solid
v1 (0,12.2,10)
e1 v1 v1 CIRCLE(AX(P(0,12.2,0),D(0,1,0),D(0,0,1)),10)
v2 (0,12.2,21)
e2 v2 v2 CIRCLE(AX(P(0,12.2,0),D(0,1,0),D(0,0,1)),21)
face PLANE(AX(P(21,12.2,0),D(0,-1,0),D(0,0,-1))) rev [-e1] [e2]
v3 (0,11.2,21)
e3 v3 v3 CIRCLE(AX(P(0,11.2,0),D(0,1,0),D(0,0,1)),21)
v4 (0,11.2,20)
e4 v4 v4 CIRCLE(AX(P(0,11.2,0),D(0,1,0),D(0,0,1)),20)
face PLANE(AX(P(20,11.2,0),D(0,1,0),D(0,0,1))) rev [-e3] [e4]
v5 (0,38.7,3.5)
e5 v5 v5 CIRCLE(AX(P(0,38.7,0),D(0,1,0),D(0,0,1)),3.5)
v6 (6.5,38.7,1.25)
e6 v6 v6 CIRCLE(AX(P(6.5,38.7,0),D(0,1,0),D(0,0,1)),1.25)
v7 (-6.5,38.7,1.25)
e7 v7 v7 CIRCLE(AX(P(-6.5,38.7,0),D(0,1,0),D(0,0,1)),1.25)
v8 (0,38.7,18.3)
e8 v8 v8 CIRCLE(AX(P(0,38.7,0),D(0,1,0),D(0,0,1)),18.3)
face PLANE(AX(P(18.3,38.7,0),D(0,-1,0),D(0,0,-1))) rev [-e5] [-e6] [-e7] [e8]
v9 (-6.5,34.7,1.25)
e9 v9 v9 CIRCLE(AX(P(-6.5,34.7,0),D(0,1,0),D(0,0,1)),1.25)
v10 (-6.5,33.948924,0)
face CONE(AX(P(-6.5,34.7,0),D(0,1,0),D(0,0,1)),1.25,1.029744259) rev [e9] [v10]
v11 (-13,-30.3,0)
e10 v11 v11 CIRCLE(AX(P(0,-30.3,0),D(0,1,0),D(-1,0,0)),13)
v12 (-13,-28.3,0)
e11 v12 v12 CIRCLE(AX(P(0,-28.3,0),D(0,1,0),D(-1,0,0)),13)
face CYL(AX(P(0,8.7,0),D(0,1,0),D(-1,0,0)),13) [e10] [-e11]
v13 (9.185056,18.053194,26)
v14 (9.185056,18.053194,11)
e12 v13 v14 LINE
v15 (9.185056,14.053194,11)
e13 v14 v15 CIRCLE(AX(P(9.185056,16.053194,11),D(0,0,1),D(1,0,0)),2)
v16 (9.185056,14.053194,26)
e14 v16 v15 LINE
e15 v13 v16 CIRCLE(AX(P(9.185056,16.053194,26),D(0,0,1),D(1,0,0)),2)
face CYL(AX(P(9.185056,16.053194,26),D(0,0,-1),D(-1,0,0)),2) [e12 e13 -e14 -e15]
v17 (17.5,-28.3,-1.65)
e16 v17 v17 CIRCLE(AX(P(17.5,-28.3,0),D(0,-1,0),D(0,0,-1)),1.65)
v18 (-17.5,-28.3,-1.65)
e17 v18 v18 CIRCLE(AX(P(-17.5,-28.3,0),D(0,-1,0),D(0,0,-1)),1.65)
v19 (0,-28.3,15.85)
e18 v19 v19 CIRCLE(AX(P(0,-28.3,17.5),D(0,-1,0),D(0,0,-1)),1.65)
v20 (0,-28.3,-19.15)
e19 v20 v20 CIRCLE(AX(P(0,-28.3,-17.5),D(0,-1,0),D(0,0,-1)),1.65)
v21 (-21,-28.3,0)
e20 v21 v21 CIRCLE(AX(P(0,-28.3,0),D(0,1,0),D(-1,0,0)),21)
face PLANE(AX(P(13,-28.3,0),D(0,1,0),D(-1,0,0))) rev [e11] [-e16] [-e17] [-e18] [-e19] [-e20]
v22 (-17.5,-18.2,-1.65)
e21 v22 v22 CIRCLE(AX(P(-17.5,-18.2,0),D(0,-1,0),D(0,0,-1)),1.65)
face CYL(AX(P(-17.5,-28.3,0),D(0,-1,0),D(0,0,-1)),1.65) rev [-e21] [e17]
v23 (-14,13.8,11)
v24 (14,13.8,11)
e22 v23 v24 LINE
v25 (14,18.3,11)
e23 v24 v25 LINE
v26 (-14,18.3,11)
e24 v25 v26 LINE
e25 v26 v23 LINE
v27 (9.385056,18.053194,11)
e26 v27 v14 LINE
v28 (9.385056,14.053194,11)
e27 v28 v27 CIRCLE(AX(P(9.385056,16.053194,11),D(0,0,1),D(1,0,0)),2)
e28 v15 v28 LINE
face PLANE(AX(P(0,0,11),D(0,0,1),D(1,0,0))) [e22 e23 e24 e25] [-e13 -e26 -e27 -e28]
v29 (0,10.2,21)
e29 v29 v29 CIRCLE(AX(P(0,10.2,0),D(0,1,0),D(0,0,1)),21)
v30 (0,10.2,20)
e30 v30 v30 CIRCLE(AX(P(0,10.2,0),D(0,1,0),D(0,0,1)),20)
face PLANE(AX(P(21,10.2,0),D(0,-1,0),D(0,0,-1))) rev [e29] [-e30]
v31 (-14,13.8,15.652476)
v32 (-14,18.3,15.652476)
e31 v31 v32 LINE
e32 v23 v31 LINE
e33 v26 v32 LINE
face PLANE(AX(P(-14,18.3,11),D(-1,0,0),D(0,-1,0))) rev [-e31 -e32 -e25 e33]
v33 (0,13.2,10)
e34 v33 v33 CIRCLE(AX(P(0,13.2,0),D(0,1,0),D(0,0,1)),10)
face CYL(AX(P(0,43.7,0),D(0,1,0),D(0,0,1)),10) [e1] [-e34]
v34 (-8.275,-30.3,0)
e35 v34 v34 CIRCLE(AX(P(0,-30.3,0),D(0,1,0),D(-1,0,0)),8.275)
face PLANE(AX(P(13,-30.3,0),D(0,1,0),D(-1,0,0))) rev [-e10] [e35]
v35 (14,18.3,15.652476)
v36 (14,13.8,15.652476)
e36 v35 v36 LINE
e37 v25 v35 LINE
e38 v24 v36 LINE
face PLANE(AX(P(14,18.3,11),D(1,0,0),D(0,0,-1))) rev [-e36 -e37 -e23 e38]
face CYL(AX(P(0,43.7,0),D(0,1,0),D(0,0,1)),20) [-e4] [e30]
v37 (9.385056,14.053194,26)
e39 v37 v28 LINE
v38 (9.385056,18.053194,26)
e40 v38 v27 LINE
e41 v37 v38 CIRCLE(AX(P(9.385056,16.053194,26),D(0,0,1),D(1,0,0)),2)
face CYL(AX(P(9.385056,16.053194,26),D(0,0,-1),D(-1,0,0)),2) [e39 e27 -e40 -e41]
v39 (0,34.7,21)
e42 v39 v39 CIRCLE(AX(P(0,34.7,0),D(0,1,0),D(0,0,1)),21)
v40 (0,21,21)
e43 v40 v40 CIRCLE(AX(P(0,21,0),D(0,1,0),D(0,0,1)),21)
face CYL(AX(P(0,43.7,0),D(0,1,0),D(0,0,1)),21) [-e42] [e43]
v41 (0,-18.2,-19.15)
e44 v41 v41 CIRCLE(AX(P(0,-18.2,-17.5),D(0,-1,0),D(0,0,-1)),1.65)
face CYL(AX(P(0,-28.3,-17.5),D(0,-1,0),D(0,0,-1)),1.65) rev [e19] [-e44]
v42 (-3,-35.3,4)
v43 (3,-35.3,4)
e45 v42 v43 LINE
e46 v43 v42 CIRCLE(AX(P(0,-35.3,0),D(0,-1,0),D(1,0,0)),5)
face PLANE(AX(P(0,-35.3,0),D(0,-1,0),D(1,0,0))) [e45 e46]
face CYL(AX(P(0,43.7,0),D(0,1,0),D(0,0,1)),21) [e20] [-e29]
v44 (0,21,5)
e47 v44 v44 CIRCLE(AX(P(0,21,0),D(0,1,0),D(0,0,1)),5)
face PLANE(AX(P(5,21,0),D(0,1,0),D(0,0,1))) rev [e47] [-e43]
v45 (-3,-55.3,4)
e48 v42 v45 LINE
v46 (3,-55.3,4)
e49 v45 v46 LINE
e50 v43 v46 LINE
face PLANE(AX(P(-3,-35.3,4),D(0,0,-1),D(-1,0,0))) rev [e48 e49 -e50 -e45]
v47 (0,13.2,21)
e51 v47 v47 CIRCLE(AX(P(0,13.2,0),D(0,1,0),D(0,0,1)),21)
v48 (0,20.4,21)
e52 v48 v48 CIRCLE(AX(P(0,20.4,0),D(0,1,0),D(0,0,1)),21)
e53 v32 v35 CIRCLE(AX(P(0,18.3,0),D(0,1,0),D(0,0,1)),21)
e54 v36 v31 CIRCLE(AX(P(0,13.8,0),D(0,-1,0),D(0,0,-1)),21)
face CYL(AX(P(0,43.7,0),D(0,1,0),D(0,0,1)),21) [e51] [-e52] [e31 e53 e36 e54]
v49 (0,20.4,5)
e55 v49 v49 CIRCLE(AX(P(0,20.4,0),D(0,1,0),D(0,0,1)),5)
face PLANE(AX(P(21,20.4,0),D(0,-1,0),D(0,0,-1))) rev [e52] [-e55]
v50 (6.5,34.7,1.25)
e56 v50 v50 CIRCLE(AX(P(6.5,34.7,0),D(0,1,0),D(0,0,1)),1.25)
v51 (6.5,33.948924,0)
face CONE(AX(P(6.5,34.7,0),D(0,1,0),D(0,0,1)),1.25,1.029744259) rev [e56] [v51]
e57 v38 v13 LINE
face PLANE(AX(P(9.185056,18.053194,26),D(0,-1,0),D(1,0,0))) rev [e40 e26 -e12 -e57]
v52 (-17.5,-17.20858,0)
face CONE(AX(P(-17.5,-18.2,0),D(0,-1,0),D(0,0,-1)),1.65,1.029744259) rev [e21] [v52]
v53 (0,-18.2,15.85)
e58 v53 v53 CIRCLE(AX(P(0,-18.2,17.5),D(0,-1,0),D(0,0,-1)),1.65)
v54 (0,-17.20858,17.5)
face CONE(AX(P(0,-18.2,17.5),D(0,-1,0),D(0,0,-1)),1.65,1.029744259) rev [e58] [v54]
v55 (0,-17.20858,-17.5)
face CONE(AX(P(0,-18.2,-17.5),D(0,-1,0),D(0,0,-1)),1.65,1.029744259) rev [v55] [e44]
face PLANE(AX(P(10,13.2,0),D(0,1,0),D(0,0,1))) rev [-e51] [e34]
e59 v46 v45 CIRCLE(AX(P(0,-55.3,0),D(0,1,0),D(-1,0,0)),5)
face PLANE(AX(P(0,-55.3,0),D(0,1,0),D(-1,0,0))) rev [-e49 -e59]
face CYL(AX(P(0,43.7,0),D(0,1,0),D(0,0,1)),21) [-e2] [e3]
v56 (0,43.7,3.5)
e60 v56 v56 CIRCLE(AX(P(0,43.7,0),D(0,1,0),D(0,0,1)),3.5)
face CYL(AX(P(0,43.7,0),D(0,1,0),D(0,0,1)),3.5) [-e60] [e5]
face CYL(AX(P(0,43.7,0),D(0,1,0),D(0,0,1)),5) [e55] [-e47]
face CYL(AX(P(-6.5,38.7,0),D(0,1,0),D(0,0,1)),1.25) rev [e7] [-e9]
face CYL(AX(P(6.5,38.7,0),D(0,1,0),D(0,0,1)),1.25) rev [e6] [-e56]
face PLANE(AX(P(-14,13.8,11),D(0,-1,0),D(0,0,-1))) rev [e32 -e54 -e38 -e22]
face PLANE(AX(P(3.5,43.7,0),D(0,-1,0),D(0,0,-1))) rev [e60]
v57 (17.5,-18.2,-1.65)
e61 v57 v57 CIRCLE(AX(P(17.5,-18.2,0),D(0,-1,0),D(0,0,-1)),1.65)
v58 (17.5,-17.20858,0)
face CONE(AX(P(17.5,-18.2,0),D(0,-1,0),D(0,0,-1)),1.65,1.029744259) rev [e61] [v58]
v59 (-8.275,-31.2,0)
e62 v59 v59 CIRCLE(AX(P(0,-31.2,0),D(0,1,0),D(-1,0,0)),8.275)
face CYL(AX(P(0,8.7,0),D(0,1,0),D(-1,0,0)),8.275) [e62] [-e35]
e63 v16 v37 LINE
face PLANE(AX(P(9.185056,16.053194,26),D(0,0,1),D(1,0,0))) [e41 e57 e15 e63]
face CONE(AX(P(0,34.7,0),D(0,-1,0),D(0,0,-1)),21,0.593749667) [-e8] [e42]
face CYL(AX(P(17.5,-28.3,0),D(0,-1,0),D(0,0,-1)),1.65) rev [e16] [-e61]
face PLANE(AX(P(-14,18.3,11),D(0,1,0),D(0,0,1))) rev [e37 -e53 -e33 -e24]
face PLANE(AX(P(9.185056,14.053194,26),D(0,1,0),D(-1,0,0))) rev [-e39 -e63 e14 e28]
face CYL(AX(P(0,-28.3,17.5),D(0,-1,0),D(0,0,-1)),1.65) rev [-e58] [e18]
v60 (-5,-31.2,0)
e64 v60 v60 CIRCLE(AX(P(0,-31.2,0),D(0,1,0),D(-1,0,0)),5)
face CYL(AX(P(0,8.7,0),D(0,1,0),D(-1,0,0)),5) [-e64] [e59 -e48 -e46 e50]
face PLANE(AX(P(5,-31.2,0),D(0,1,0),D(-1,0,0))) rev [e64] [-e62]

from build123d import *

# Parameters (mm, degrees)
SKETCH_2_W             = 28
SKETCH_2_H             = 4.5
CUT_EXTRUDE_1_DEPTH    = 10
EXTRUDE_1_DEPTH        = 15
HOLE_WIZARD_M3_1_D     = 2.5
HOLE_WIZARD_M3_1_DEPTH = 4
HOLE_WIZARD_M3_1_TIP   = 0.751075774
CUT_EXTRUDE_START      = -20
CUT_EXTRUDE_2_DEPTH    = 20
HOLE_WIZARD_M4_1_D     = 3.3
HOLE_WIZARD_M4_1_DEPTH = 10.1
HOLE_WIZARD_M4_1_TIP   = 0.991420021


with BuildPart() as part:
    # 草图1 → 旋转1 (revolve)
    with BuildSketch(Plane.XY, mode=Mode.PRIVATE) as revolve_1_sk:
        Polygon((0, 0), (4.1, 0), (4.1, 6.7), (13.4, 6.7), (13.4, 8.7), (21, 8.7), (21, 10.2), (20, 10.2), (20, 11.2), (21, 11.2), (21, 12.2), (10, 12.2), (10, 13.2), (21, 13.2), (21, 20.4), (5, 20.4), (5, 21), (21, 21), (21, 34.7), (18.3, 38.7), (3.5, 38.7), (3.5, 43.7), (0, 43.7), align=None)
    revolve(revolve_1_sk.sketch.rotate(Axis((0, 43.7, 0), (0, -1, 0)), 90), axis=Axis((0, 43.7, 0), (0, -1, 0)))

    # 草图2 → 切除-拉伸1 (cut)
    with BuildSketch(Plane.XY.offset(21)):
        with Locations((0, 16.05)):
            Rectangle(SKETCH_2_W, SKETCH_2_H)
    extrude(amount=-CUT_EXTRUDE_1_DEPTH, mode=Mode.SUBTRACT)

    # 草图3 → 凸台-拉伸1 (add)
    with BuildSketch(Plane.XY.offset(11)):
        with BuildLine():
            Line((9.185056323, 18.053194417), (9.385056323, 18.053194417))
            ThreePointArc((9.385056323, 18.053194417), (11.385056323, 16.053194417), (9.385056323, 14.053194417))
            Line((9.385056323, 14.053194417), (9.185056323, 14.053194417))
            ThreePointArc((9.185056323, 14.053194417), (7.185056323, 16.053194417), (9.185056323, 18.053194417))
        make_face()
    extrude(amount=EXTRUDE_1_DEPTH)

    # M3 螺纹孔1
    with Locations(Plane(origin=(0, 38.7, 0), x_dir=(1, 0, 0), z_dir=(0, 1, 0))):
        with Locations((-6.5, 0), (6.5, 0)):
            Hole(HOLE_WIZARD_M3_1_D / 2, depth=HOLE_WIZARD_M3_1_DEPTH)
            with Locations((0, 0, -(HOLE_WIZARD_M3_1_DEPTH + HOLE_WIZARD_M3_1_TIP / 2))):  # 118° drill point
                Cone(0, HOLE_WIZARD_M3_1_D / 2, HOLE_WIZARD_M3_1_TIP, mode=Mode.SUBTRACT)

    # 草图7 → 旋转2 (revolve)
    with BuildSketch(Plane.XY, mode=Mode.PRIVATE) as revolve_2_sk:
        Polygon((0, -55.3), (5, -55.3), (5, -31.2), (8.275, -31.2), (8.275, -30.3), (13, -30.3), (13, -28.3), (21, -28.3), (21, 8.7), (0, 8.7), align=None)
    revolve(revolve_2_sk.sketch.rotate(Axis((0, 8.7, 0), (0, -1, 0)), 180), axis=Axis((0, 8.7, 0), (0, -1, 0)))

    # 草图8 → 切除-拉伸2 (cut)
    with BuildSketch(Plane.XZ.offset(55.3).offset(CUT_EXTRUDE_START)):
        with BuildLine():
            Line((-3, 4), (3, 4))
            ThreePointArc((3, 4), (0, 5), (-3, 4))
        make_face()
    extrude(amount=CUT_EXTRUDE_2_DEPTH, mode=Mode.SUBTRACT)

    # M4 螺纹孔1
    with Locations(Plane(origin=(0, -28.3, 0), x_dir=(-1, 0, 0), z_dir=(0, -1, 0))):
        with Locations((17.5, 0), (0, -17.5), (-17.5, 0), (0, 17.5)):
            Hole(HOLE_WIZARD_M4_1_D / 2, depth=HOLE_WIZARD_M4_1_DEPTH)
            with Locations((0, 0, -(HOLE_WIZARD_M4_1_DEPTH + HOLE_WIZARD_M4_1_TIP / 2))):  # 118° drill point
                Cone(0, HOLE_WIZARD_M4_1_D / 2, HOLE_WIZARD_M4_1_TIP, mode=Mode.SUBTRACT)


solid = part.part
